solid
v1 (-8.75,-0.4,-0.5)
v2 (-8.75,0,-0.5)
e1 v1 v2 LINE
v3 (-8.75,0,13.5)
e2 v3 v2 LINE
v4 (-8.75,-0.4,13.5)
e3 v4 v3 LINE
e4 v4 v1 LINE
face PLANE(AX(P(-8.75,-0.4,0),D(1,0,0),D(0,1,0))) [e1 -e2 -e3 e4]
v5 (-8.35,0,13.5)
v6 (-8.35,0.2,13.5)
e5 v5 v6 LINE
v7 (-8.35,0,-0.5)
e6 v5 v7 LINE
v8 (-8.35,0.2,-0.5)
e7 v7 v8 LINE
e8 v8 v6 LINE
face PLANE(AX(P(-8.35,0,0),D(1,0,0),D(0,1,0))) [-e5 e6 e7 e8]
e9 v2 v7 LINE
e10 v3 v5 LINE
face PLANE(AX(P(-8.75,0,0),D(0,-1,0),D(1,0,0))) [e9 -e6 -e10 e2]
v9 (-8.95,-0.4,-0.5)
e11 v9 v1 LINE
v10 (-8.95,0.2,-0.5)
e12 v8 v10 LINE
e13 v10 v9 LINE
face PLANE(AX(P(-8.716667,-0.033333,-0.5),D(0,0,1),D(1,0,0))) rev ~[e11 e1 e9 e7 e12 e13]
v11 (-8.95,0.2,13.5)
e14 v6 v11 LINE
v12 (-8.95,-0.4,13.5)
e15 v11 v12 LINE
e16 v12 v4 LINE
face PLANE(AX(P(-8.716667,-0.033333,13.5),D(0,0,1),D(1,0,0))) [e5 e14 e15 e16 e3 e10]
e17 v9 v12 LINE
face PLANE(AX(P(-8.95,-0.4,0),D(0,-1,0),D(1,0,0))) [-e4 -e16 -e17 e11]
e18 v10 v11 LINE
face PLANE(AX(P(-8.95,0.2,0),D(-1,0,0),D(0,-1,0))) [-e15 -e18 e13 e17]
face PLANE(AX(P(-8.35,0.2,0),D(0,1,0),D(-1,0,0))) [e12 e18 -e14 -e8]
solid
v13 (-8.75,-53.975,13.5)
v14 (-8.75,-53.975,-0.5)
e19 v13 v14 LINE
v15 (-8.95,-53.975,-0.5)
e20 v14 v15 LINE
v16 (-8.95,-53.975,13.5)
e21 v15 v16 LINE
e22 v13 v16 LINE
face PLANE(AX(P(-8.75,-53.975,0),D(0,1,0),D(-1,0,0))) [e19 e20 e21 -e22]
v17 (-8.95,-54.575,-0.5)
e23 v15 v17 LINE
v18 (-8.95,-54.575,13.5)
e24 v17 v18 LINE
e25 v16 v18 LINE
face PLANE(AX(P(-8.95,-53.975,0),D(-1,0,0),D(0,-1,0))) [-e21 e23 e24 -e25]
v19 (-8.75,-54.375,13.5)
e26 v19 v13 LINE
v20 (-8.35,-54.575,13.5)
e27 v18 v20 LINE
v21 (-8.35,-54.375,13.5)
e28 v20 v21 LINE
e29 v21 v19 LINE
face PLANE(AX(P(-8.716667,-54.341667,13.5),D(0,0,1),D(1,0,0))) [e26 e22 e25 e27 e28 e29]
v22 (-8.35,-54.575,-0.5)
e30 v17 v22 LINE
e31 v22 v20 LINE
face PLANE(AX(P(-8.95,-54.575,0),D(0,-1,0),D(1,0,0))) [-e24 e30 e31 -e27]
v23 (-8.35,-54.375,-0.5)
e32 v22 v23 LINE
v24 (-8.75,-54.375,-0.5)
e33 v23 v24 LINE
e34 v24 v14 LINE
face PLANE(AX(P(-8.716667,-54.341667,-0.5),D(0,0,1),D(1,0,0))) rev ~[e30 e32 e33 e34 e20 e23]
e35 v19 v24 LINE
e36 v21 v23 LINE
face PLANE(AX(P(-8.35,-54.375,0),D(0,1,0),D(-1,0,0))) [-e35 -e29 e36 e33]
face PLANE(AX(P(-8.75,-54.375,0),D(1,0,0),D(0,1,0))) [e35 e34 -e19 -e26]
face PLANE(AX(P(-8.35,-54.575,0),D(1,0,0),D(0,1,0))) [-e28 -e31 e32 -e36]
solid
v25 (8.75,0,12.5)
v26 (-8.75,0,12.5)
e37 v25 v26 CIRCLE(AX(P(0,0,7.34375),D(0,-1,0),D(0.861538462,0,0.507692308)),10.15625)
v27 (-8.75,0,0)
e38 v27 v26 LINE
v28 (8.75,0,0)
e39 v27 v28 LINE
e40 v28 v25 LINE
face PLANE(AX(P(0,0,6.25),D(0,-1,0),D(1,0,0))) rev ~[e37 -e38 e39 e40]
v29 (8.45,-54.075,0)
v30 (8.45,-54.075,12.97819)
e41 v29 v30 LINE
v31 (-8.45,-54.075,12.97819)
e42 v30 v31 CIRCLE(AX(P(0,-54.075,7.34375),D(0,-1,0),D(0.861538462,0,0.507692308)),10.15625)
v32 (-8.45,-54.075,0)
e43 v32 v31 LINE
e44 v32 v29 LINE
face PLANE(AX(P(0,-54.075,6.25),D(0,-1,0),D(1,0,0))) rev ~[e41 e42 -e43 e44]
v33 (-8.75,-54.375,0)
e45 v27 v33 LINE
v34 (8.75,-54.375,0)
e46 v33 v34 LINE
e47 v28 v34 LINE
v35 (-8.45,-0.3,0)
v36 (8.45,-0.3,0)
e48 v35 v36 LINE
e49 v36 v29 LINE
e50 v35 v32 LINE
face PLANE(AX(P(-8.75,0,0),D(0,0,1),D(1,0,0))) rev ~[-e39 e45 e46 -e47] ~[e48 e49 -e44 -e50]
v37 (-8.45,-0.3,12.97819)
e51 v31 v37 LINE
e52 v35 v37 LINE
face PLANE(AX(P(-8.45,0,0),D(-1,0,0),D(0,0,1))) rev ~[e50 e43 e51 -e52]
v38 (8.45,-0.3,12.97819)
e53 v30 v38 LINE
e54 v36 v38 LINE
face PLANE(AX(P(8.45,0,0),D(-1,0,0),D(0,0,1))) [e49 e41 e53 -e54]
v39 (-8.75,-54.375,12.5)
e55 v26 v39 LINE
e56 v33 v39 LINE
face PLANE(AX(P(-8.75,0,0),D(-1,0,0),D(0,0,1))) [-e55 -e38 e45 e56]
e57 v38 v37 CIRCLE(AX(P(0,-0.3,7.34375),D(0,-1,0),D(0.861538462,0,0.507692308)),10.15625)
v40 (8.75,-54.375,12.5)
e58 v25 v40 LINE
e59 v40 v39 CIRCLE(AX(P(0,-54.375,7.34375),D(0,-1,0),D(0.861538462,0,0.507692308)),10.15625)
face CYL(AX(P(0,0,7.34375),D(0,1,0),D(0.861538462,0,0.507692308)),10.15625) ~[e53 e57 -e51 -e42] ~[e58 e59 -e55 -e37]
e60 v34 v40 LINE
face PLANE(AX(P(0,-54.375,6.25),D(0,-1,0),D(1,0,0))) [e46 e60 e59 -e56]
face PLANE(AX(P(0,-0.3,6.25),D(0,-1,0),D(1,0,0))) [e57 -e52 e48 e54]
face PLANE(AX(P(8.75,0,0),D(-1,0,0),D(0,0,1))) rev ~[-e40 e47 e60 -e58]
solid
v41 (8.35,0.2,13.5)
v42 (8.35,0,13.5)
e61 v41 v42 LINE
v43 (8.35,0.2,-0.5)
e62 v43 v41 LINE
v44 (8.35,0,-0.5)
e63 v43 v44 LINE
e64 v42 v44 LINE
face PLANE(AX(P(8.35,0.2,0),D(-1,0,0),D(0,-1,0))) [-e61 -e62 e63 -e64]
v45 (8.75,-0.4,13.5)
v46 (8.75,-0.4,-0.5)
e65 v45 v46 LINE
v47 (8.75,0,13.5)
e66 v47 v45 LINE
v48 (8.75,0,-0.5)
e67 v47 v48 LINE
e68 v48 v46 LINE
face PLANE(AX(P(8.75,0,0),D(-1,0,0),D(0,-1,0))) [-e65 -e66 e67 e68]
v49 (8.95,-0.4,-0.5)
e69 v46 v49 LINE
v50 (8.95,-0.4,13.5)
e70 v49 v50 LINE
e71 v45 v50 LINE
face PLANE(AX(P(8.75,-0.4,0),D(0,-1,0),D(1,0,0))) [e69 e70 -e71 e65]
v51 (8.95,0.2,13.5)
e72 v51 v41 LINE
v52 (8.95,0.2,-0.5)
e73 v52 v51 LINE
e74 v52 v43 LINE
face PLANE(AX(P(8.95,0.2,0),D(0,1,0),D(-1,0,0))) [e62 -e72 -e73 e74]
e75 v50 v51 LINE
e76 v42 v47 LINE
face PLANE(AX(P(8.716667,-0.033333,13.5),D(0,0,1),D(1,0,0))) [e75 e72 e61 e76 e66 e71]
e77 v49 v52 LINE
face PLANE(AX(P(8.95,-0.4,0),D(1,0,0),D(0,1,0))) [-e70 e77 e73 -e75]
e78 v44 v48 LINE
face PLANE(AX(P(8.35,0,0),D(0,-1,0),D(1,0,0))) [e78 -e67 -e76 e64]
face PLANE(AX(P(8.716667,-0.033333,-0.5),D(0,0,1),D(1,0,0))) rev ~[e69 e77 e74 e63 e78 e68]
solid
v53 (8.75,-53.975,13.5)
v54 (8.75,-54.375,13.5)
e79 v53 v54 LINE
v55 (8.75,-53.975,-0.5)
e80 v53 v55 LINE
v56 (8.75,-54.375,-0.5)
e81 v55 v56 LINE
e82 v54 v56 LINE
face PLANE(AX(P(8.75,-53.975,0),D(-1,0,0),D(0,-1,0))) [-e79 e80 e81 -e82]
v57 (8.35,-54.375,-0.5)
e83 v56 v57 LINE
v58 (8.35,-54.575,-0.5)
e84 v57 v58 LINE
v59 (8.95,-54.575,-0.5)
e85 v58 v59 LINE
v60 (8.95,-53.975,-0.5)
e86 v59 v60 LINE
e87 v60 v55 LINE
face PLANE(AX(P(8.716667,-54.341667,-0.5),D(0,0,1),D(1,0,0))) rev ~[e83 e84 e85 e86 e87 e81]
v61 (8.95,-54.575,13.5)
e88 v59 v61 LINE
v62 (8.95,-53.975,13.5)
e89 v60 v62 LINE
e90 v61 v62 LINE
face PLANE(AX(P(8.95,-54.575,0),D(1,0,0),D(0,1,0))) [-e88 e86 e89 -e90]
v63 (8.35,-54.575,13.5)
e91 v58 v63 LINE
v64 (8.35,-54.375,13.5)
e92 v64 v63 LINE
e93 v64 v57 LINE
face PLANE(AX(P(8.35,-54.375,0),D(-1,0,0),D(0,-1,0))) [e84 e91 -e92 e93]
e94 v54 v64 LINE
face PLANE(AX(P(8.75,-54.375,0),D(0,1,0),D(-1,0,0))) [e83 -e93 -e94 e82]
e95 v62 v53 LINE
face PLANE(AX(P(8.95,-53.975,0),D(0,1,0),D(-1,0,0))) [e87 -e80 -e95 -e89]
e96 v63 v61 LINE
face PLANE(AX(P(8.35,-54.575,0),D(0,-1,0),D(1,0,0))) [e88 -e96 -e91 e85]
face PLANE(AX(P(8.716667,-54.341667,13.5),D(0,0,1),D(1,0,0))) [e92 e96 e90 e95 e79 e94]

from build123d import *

# Parameters (mm, degrees)
F0_W          = 17.5
F0_H          = 12.5
F1_DEPTH      = 54.375
F2_T          = -0.3
F4_DEPTH      = 13.5
F4_DEPTH_BACK = 0.5


with BuildPart() as f1:
    # F0 (on Front) → F1 (new body)
    with BuildSketch(Plane.XZ):
        with Locations((0, 6.25)):
            Rectangle(F0_W, F0_H)
        with BuildLine():
            ThreePointArc((8.75, 12.5), (0, 17.5), (-8.75, 12.5))
            Line((-8.75, 12.5), (8.75, 12.5))
        make_face()
    extrude(amount=F1_DEPTH)

    # F2
    f2_openings = [f1.faces().sort_by_distance(p)[0] for p in [
        (0, -27.1875, 0),
        (0, -27.1875, 17.5),
    ]]
    offset(amount=F2_T, openings=f2_openings)


with BuildPart() as f4:
    # F3 (on Top) → F4 (new body, two sides)
    with BuildSketch(Plane.XY) as f4_sk:
        Polygon((-8.35, 0), (-8.35, 0.2), (-8.95, 0.2), (-8.95, -0.4), (-8.75, -0.4), (-8.75, 0), align=None)
        Polygon((8.75, -0.4), (8.95, -0.4), (8.95, 0.2), (8.35, 0.2), (8.35, 0), (8.75, 0), align=None)
        Polygon((-8.75, -53.975), (-8.95, -53.975), (-8.95, -54.575), (-8.35, -54.575), (-8.35, -54.375), (-8.75, -54.375), align=None)
        Polygon((8.35, -54.375), (8.35, -54.575), (8.95, -54.575), (8.95, -53.975), (8.75, -53.975), (8.75, -54.375), align=None)
    extrude(amount=F4_DEPTH)
    extrude(f4_sk.sketch, amount=-F4_DEPTH_BACK)


solid = Compound([f1.part, f4.part])
